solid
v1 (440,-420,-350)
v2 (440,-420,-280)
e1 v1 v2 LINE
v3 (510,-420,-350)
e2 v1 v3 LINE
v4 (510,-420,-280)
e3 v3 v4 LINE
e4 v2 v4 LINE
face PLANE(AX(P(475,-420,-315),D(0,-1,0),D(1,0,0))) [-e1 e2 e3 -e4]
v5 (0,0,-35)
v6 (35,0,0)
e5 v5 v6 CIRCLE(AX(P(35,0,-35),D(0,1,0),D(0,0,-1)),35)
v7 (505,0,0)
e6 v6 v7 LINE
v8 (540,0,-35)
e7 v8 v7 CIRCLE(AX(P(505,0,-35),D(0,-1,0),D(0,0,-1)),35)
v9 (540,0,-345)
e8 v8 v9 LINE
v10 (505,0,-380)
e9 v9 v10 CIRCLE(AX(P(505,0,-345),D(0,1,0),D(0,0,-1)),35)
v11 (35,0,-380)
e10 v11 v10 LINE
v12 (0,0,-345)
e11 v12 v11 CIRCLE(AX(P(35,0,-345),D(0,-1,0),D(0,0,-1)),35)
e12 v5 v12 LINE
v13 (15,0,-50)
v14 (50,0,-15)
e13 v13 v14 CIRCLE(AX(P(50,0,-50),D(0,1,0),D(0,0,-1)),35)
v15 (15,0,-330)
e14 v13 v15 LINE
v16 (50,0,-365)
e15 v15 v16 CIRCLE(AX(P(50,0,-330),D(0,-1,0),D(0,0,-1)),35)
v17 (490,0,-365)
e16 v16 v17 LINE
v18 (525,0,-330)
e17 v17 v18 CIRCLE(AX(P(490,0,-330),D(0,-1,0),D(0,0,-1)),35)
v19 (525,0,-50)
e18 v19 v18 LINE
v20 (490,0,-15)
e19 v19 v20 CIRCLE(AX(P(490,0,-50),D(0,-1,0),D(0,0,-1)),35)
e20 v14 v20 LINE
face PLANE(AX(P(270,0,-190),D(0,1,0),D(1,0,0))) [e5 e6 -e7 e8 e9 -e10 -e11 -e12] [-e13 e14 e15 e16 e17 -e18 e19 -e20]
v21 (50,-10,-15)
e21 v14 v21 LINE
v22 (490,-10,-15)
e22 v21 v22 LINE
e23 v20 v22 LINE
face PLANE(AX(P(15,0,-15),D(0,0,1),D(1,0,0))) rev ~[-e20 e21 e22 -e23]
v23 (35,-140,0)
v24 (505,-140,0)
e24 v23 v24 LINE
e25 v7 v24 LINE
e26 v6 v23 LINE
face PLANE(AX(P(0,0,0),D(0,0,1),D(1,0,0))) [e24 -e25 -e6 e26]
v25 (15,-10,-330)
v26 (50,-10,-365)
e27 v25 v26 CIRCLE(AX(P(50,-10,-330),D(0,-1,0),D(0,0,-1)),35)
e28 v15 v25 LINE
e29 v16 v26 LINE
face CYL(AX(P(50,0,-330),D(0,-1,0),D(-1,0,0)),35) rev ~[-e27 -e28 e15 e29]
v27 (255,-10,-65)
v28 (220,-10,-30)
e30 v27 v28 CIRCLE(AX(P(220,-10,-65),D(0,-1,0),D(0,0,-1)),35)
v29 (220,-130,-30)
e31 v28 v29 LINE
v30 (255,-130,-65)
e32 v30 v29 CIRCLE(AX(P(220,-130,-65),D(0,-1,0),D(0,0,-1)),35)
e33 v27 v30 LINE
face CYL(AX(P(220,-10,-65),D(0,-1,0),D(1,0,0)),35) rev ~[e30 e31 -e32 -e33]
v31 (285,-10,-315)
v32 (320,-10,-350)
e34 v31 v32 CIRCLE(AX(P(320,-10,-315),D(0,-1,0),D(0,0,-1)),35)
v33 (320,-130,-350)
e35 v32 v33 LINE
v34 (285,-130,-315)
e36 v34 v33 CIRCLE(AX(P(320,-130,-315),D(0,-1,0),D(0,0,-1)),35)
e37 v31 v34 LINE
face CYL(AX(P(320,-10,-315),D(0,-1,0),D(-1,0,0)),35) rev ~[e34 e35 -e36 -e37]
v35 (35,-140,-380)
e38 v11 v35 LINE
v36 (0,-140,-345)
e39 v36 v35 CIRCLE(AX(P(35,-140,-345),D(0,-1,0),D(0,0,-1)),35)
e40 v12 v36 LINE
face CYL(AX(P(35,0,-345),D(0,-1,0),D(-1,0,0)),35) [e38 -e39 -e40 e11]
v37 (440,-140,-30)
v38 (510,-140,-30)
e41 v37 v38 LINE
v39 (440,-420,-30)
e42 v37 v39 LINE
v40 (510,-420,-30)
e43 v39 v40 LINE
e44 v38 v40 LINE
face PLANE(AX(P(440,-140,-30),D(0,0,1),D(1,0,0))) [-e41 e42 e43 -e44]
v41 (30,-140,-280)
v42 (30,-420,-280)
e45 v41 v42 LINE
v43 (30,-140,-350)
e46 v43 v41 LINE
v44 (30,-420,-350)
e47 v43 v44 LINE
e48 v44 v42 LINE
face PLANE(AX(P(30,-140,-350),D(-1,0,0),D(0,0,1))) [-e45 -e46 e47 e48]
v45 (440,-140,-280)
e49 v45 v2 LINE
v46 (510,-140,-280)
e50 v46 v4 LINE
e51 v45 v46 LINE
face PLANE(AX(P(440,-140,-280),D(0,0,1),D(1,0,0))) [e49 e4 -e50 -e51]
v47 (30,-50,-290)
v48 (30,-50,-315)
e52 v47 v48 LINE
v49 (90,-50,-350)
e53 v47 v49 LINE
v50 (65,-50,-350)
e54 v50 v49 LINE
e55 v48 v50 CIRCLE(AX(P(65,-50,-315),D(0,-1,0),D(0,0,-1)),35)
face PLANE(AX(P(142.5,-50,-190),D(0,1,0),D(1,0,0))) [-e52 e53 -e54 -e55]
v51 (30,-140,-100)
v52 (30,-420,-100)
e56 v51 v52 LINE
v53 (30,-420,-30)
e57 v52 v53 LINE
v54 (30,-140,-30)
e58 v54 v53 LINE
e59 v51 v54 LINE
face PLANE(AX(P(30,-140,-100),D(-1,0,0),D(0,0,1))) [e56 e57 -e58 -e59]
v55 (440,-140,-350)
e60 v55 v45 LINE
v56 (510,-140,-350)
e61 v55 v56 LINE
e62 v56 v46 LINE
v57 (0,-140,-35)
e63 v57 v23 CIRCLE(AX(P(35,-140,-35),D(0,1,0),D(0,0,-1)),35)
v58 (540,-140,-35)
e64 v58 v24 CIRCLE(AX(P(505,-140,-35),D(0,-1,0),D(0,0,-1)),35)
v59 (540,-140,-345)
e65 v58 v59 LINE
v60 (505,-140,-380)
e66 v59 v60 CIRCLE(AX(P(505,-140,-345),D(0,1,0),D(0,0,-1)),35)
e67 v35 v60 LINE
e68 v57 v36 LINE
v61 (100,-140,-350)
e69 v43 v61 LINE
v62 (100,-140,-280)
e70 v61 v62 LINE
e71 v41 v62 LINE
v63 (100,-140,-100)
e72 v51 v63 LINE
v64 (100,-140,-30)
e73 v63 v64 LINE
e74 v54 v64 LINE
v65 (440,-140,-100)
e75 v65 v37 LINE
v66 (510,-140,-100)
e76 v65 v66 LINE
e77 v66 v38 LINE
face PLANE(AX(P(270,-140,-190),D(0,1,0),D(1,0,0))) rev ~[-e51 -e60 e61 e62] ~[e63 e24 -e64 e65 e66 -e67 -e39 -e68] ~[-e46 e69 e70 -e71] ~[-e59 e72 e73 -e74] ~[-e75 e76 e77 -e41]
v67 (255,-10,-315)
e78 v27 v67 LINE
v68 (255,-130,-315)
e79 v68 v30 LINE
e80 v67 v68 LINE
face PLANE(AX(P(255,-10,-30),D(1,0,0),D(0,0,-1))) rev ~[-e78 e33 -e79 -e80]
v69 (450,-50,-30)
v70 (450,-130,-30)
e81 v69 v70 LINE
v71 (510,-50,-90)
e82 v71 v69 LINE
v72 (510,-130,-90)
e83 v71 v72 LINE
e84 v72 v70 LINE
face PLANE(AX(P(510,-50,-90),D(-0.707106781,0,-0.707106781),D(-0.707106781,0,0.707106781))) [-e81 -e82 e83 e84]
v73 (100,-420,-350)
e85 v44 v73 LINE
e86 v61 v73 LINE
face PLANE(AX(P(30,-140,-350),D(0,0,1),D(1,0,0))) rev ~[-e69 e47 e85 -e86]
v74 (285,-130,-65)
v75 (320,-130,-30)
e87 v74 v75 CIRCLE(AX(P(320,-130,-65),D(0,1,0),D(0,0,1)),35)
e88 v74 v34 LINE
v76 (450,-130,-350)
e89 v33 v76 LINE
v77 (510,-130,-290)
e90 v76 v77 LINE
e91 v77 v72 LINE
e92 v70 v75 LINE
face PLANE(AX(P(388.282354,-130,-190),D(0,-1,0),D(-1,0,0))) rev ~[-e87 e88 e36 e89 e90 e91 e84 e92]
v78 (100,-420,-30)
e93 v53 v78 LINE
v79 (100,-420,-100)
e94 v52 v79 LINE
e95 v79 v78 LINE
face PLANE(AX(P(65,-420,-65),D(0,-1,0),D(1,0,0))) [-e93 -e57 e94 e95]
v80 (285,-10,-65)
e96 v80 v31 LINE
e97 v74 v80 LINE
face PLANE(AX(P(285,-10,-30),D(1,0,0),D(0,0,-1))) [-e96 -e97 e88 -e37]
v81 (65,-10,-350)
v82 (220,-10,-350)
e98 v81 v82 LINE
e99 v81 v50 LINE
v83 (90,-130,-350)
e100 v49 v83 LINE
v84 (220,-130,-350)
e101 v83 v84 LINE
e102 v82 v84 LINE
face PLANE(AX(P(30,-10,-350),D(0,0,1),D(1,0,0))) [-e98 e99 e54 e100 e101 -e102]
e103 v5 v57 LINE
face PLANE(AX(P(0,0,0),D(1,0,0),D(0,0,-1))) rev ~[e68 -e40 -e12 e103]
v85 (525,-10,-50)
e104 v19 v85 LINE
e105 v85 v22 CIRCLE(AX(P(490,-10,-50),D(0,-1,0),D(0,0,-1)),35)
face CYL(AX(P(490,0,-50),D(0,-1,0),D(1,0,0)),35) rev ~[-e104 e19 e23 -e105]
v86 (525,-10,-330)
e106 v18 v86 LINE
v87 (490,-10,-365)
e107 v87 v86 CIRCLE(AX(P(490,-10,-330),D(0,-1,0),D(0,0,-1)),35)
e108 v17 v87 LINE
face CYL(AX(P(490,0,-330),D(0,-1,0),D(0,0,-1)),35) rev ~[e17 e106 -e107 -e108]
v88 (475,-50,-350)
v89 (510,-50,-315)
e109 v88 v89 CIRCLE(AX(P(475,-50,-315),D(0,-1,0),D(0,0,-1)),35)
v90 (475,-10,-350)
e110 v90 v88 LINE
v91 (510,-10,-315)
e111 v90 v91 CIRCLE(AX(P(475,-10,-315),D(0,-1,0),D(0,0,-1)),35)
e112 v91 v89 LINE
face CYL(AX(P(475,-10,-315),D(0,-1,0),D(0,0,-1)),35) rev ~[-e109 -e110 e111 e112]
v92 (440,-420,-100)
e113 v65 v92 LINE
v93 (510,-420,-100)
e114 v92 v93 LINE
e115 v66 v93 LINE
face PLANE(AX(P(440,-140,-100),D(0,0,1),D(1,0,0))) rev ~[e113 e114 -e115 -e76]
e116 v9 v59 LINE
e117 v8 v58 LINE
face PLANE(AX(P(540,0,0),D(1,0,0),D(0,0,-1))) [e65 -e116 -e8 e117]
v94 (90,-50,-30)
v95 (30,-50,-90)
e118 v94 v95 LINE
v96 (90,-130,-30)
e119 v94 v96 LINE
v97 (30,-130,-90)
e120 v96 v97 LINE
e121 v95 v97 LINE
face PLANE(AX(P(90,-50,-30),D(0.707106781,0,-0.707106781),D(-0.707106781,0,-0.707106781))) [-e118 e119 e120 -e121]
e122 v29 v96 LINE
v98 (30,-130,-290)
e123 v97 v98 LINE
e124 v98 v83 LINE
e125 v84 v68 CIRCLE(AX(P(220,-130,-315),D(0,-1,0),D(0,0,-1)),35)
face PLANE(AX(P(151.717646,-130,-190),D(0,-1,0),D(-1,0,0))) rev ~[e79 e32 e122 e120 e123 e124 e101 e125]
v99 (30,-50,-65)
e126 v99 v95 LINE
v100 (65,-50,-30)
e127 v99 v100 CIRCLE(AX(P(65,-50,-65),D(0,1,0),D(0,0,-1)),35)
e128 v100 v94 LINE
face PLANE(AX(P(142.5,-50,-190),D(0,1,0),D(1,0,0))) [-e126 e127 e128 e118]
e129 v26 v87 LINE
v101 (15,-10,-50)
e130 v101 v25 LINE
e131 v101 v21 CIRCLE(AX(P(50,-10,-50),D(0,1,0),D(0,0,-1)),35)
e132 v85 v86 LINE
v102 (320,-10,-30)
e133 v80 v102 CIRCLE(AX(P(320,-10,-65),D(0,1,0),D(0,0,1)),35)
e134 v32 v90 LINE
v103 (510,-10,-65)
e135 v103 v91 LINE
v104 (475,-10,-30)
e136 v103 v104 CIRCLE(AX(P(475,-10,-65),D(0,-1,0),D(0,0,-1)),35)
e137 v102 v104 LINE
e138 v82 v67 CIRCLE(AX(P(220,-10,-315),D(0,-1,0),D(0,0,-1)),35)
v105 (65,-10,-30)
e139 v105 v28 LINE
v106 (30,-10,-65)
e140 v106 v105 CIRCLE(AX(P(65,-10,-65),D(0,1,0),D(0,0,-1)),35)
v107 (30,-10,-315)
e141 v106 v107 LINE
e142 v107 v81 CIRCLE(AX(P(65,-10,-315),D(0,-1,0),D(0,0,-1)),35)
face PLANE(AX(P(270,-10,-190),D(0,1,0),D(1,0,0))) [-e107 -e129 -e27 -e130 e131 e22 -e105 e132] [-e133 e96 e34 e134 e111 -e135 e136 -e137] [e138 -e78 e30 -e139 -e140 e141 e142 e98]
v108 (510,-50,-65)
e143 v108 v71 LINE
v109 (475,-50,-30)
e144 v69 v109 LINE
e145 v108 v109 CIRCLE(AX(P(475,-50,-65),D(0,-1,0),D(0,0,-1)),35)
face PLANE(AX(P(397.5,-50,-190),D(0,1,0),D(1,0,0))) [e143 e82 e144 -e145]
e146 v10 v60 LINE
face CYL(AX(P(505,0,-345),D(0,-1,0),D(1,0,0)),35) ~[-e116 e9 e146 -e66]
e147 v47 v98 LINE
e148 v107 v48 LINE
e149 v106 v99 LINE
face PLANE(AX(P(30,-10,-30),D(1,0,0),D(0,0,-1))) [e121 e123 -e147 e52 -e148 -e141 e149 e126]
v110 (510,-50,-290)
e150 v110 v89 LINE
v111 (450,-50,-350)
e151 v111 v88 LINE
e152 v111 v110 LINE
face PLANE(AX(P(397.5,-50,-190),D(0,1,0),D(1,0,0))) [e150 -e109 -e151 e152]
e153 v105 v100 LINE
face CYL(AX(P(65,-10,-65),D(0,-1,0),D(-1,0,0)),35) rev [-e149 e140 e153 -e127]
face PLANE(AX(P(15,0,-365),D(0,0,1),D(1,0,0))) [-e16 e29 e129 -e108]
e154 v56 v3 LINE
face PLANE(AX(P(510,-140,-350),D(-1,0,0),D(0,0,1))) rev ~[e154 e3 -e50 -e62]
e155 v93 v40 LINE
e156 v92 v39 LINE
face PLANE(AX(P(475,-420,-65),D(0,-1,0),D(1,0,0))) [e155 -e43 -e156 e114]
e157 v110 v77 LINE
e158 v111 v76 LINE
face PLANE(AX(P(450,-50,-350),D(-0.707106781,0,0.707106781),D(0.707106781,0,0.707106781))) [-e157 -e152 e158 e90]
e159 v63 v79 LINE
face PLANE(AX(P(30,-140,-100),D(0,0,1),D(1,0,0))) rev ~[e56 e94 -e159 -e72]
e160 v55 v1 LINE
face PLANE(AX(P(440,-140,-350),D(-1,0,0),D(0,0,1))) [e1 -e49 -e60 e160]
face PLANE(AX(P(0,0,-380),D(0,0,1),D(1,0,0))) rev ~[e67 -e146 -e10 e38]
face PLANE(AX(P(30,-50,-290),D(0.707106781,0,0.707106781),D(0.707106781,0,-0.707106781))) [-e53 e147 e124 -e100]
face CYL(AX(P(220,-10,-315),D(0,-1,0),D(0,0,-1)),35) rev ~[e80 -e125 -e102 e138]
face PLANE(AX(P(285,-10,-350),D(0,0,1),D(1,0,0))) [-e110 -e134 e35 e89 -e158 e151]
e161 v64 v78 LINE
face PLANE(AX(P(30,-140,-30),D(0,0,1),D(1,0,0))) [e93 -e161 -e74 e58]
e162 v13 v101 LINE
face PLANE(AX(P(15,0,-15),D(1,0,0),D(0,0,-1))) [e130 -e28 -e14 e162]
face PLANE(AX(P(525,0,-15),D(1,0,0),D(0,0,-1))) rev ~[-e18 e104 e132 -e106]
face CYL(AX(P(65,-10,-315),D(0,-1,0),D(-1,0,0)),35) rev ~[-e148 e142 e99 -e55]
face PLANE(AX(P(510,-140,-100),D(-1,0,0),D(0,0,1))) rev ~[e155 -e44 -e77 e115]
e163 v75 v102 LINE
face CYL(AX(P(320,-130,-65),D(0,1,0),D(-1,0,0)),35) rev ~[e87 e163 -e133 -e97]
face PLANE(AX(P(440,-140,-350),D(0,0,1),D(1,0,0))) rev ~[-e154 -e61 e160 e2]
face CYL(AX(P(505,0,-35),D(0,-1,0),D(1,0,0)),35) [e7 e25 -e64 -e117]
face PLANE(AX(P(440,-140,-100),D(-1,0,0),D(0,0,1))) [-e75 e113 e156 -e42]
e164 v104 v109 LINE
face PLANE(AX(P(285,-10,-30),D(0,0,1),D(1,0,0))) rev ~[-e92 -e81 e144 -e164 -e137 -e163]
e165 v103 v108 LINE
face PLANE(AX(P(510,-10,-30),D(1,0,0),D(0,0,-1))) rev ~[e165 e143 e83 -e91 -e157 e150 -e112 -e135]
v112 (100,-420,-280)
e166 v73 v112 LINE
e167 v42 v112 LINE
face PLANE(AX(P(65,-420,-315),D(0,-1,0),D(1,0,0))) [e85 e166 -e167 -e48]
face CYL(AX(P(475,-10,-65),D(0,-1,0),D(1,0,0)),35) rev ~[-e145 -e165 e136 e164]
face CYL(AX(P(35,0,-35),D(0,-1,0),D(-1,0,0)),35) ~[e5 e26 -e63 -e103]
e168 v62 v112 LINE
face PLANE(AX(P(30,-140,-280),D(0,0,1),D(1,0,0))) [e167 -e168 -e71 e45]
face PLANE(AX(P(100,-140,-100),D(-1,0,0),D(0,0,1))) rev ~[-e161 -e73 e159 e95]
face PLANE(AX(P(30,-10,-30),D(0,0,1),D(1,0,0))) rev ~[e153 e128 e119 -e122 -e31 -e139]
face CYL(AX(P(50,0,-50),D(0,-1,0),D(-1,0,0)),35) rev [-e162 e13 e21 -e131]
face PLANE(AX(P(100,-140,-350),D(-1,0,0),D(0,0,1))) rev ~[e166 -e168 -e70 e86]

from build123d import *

# Parameters (mm, degrees)
SKETCH1_W           = 540
SKETCH1_H           = 380
BOSS_EXTRUDE1_DEPTH = 140
SKETCH3_W           = 510
SKETCH3_H           = 350
CUT_EXTRUDE1_DEPTH  = 10
SKETCH2_W           = 225
SKETCH2_H           = 320
CUT_EXTRUDE2_DEPTH  = 40
CUT_EXTRUDE3_DEPTH  = 80
FILLET1_R           = 35
SKETCH6_W           = 70
SKETCH6_H           = 70
BOSS_EXTRUDE2_DEPTH = 280


with BuildPart() as part:
    # Sketch1 → Boss-Extrude1 (new body)
    with BuildSketch(Plane(origin=(0, 0, 0), x_dir=(1, 0, 0), z_dir=(0, 1, 0))):
        with Locations((270, 190)):
            Rectangle(SKETCH1_W, SKETCH1_H)
    extrude(amount=-BOSS_EXTRUDE1_DEPTH)

    # Sketch3 → Cut-Extrude1 (cut)
    with BuildSketch(Plane(origin=(0, 0, 0), x_dir=(1, 0, 0), z_dir=(0, 1, 0))):
        with Locations((270, 190)):
            Rectangle(SKETCH3_W, SKETCH3_H)
    extrude(amount=-CUT_EXTRUDE1_DEPTH, mode=Mode.SUBTRACT)

    # Sketch2 → Cut-Extrude2 (cut)
    with BuildSketch(Plane(origin=(0, -10, 0), x_dir=(1, 0, 0), z_dir=(0, 1, 0))):
        with Locations((142.5, 190)):
            Rectangle(SKETCH2_W, SKETCH2_H)
        with Locations((397.5, 190)):
            Rectangle(SKETCH2_W, SKETCH2_H)
    extrude(amount=-CUT_EXTRUDE2_DEPTH, mode=Mode.SUBTRACT)

    # Sketch5 → Cut-Extrude3 (cut)
    with BuildSketch(Plane(origin=(0, -50, 0), x_dir=(1, 0, 0), z_dir=(0, 1, 0))):
        Polygon((30, 290), (90, 350), (255, 350), (255, 30), (90, 30), (30, 90), align=None)
        Polygon((510, 90), (450, 30), (285, 30), (285, 350), (450, 350), (510, 290), align=None)
    extrude(amount=-CUT_EXTRUDE3_DEPTH, mode=Mode.SUBTRACT)

    # Fillet1
    fillet1_edges = [part.edges().sort_by_distance(p)[0] for p in [
        (15, -5, -15),
        (15, -5, -365),
        (525, -5, -365),
        (525, -5, -15),
        (30, -30, -30),
        (30, -30, -350),
        (255, -70, -350),
        (255, -70, -30),
        (510, -30, -350),
        (510, -30, -30),
        (285, -70, -30),
        (285, -70, -350),
        (0, -70, -380),
        (540, -70, -380),
        (540, -70, 0),
        (0, -70, 0),
    ]]
    fillet(fillet1_edges, radius=FILLET1_R)

    # Sketch6 → Boss-Extrude2 (add)
    with BuildSketch(Plane.XZ.offset(140)):
        with Locations((65, -65)):
            Rectangle(SKETCH6_W, SKETCH6_H)
        with Locations((475, -65)):
            Rectangle(SKETCH6_W, SKETCH6_H)
        with Locations((475, -315)):
            Rectangle(SKETCH6_W, SKETCH6_H)
        with Locations((65, -315)):
            Rectangle(SKETCH6_W, SKETCH6_H)
    extrude(amount=BOSS_EXTRUDE2_DEPTH)


solid = part.part
